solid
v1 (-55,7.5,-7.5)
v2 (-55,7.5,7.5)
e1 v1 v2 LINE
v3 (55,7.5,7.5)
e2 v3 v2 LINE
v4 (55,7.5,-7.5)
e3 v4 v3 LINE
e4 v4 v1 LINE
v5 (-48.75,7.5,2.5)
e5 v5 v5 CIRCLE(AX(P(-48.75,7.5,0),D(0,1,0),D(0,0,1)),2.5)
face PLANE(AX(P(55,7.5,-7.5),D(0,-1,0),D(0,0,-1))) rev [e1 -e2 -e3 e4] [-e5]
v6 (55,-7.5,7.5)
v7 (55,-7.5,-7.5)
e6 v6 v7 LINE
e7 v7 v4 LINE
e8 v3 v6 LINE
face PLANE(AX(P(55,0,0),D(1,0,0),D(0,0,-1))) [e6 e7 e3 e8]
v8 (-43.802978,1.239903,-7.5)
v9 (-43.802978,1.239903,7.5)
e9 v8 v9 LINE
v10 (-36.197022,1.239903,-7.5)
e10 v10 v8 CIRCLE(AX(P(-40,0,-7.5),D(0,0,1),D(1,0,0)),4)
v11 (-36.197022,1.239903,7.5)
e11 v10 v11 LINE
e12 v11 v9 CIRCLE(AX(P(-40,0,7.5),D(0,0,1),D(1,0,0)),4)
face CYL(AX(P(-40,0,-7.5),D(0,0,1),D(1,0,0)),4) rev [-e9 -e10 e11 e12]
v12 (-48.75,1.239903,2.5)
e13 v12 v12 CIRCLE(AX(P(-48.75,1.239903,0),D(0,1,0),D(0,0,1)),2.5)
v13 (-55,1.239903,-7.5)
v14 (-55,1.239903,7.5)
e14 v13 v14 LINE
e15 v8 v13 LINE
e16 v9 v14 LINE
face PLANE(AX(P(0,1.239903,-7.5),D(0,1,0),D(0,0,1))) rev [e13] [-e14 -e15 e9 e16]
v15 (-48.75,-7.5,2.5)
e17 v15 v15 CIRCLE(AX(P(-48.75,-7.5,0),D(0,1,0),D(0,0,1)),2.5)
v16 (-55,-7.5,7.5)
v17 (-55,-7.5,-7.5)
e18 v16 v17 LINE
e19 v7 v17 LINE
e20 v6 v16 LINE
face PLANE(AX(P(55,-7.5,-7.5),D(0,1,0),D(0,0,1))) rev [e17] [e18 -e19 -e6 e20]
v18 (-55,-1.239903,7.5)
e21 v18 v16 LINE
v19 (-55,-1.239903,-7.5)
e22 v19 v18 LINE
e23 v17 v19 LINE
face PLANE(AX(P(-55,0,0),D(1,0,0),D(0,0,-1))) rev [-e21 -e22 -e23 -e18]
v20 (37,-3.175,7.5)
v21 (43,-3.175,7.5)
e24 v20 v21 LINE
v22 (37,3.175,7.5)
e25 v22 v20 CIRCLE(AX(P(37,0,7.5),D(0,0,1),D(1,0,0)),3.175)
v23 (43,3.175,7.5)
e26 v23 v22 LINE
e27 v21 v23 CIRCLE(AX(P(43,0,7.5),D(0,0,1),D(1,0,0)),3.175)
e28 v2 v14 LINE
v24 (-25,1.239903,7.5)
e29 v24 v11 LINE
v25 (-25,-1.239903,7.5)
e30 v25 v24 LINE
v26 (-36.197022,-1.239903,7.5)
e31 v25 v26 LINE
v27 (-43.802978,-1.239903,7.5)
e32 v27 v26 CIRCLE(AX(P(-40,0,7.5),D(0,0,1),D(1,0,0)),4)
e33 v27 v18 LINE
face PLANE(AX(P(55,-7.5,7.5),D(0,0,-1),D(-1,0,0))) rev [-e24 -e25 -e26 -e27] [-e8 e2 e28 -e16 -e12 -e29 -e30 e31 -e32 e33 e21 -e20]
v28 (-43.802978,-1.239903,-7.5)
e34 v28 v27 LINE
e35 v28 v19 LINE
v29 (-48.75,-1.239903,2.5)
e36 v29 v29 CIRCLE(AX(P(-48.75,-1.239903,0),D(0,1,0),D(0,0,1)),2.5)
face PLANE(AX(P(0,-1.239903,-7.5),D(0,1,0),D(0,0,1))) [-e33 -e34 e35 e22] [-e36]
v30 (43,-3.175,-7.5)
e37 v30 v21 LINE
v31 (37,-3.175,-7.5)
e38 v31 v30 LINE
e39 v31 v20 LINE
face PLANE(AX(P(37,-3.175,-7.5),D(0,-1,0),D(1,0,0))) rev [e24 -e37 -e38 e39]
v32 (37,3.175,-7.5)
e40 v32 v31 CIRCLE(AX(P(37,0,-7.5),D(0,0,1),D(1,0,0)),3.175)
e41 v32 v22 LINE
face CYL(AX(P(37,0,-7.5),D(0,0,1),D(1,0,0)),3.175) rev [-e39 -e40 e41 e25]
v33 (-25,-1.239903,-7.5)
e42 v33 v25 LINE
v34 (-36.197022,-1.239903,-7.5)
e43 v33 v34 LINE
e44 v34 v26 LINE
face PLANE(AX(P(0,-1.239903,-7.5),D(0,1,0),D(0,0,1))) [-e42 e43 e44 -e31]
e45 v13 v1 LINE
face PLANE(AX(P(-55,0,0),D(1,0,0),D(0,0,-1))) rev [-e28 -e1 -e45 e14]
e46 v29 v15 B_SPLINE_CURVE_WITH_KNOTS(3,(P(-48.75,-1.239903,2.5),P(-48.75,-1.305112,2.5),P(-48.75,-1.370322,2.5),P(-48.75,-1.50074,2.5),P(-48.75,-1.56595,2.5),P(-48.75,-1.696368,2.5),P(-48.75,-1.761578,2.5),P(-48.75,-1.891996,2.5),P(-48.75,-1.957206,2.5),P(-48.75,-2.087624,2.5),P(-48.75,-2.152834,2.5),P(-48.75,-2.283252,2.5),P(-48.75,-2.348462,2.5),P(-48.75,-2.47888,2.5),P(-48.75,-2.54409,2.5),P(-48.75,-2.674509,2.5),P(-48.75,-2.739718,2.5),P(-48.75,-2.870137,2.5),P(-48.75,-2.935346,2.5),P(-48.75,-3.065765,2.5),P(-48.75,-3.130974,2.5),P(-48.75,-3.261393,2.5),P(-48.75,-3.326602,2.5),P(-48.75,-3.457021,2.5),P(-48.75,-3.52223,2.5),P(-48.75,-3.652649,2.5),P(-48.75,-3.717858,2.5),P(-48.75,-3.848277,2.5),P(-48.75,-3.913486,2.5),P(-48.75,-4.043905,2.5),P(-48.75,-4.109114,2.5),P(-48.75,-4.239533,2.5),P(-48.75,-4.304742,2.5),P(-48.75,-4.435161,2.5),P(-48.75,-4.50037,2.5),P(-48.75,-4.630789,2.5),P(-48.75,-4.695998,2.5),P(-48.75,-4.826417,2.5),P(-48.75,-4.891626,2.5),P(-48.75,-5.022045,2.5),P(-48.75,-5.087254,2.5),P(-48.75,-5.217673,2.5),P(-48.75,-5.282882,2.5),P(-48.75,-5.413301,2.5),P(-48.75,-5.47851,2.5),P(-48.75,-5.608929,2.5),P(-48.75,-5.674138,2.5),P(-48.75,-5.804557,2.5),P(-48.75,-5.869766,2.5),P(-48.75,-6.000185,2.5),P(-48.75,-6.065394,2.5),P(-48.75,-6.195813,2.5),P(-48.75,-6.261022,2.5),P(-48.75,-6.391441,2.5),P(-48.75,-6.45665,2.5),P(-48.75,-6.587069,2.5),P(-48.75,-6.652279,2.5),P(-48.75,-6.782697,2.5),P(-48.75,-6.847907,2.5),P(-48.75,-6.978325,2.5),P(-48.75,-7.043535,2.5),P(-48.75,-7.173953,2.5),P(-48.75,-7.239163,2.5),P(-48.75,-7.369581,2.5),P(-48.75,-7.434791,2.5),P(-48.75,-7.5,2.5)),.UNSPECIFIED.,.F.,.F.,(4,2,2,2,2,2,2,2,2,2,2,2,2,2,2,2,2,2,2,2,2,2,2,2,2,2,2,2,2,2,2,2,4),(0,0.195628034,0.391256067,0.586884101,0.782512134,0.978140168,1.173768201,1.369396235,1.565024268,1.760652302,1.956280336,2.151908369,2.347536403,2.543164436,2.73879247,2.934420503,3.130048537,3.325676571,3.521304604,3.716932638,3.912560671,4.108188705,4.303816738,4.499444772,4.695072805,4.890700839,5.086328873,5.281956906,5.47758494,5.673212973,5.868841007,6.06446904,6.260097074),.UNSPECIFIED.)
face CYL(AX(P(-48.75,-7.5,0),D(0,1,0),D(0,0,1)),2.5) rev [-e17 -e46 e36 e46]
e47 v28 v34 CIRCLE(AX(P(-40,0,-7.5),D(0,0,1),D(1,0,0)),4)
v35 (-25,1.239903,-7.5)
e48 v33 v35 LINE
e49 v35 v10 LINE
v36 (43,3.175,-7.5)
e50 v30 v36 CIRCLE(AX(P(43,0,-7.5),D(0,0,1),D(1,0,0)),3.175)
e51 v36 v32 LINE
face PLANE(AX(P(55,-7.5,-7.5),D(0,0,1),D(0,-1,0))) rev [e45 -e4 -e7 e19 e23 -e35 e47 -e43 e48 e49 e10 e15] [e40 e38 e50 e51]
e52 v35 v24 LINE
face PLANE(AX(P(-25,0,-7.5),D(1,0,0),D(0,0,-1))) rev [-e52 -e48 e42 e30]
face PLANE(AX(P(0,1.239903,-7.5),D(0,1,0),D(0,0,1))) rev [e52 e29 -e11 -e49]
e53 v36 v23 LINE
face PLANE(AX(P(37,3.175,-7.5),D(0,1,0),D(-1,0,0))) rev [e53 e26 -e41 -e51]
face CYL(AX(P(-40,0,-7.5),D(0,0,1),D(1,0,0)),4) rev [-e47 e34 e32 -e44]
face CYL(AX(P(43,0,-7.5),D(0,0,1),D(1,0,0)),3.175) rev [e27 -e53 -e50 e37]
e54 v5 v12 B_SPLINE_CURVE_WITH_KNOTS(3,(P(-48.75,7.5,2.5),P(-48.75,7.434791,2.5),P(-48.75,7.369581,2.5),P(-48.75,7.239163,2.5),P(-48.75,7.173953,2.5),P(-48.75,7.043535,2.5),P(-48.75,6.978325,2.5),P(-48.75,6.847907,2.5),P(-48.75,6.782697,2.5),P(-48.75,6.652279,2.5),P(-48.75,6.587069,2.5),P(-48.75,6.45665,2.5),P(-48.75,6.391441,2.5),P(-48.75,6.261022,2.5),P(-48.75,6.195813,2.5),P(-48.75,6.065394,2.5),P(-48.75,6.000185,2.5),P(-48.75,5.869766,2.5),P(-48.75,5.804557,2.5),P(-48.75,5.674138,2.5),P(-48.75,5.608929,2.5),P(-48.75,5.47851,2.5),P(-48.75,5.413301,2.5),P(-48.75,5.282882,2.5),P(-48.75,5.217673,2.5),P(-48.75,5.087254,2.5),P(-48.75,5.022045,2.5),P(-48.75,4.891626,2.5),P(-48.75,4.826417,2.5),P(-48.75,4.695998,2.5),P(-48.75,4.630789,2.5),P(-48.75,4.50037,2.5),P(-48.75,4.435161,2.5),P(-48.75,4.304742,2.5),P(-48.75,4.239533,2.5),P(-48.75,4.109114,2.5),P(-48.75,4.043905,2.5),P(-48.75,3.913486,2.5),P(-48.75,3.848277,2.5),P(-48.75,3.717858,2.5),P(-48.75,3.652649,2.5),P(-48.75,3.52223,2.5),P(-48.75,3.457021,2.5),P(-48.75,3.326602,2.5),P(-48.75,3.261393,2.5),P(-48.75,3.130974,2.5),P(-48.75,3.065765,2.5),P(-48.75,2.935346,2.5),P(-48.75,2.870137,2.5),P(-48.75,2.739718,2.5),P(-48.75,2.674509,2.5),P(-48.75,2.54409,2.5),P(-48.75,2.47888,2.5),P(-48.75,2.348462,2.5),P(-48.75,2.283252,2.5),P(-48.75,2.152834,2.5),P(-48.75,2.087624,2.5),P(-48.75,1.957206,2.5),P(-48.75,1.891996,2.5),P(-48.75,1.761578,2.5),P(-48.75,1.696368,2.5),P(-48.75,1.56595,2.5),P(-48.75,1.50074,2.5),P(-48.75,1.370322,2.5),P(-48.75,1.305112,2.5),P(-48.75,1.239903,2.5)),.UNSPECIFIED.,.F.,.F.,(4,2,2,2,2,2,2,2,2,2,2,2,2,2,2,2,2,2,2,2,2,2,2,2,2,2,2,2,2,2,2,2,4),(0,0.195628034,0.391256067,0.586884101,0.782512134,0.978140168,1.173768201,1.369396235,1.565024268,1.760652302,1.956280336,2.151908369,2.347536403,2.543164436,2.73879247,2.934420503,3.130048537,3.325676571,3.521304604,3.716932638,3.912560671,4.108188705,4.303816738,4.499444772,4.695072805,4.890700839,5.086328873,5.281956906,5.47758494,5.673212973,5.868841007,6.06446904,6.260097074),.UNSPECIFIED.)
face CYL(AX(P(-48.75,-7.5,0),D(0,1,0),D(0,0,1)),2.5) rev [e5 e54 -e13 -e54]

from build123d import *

# Parameters (mm, degrees)
CROQUIS1_W              = 15
CROQUIS1_H              = 15
SALIENTE_EXTRUIR1_DEPTH = 55
CORTAR_EXTRUIR1_DEPTH   = 58.5
CROQUIS3_R              = 2.5
CORTAR_EXTRUIR2_DEPTH   = 58.5
CORTAR_EXTRUIR3_DEPTH   = 58.5


with BuildPart() as part:
    # Croquis1 → Saliente-Extruir1 (new, symmetric)
    with BuildSketch(Plane(origin=(0, 0, 0), x_dir=(0, 0, -1), z_dir=(1, 0, 0))):
        Rectangle(CROQUIS1_W, CROQUIS1_H)
    extrude(amount=SALIENTE_EXTRUIR1_DEPTH, both=True)

    # Croquis2 → Cortar-Extruir1 (cut, through all)
    with BuildSketch(Plane.XY.offset(7.5)):
        with BuildLine():
            ThreePointArc((-43.802977877, -1.239902926), (-40, -4), (-36.197022123, -1.239902926))
            Line((-36.197022123, -1.239902926), (-43.802977877, -1.239902926))
        make_face()
        with BuildLine():
            Line((-43.802977877, -1.239902926), (-36.197022123, -1.239902926))
            ThreePointArc((-36.197022123, -1.239902926), (-36.049562587, -0.627729437), (-36, 0))
            ThreePointArc((-36, 0), (-36.049562587, 0.627729437), (-36.197022123, 1.239902926))
            Line((-36.197022123, 1.239902926), (-43.802977877, 1.239902926))
            ThreePointArc((-43.802977877, 1.239902926), (-44, 0), (-43.802977877, -1.239902926))
        make_face()
        with BuildLine():
            Line((-43.802977877, 1.239902926), (-36.197022123, 1.239902926))
            ThreePointArc((-36.197022123, 1.239902926), (-40, 4), (-43.802977877, 1.239902926))
        make_face()
        with BuildLine():
            Line((-36.197022123, -1.239902926), (-25, -1.239902926))
            Line((-25, -1.239902926), (-25, 1.239902926))
            Line((-25, 1.239902926), (-36.197022123, 1.239902926))
            ThreePointArc((-36.197022123, 1.239902926), (-36.049562587, 0.627729437), (-36, 0))
            ThreePointArc((-36, 0), (-36.049562587, -0.627729437), (-36.197022123, -1.239902926))
        make_face()
        with BuildLine():
            Line((-55, -1.239902926), (-43.802977877, -1.239902926))
            ThreePointArc((-43.802977877, -1.239902926), (-44, 0), (-43.802977877, 1.239902926))
            Line((-43.802977877, 1.239902926), (-55, 1.239902926))
            Line((-55, 1.239902926), (-55, -1.239902926))
        make_face()
    extrude(amount=-CORTAR_EXTRUIR1_DEPTH, mode=Mode.SUBTRACT)

    # Croquis3 → Cortar-Extruir2 (cut, through all)
    with BuildSketch(Plane(origin=(0, 7.5, 0), x_dir=(1, 0, 0), z_dir=(0, 1, 0))):
        with Locations(Location((-48.75, 0, 0), (0, 0, 270))):
            Circle(CROQUIS3_R)
    extrude(amount=-CORTAR_EXTRUIR2_DEPTH, mode=Mode.SUBTRACT)

    # Croquis4 → Cortar-Extruir3 (cut, through all)
    with BuildSketch(Plane.XY.offset(7.5)):
        with BuildLine():
            Line((37, 3.175), (43, 3.175))
            ThreePointArc((43, 3.175), (46.175, 0), (43, -3.175))
            Line((43, -3.175), (37, -3.175))
            ThreePointArc((37, -3.175), (33.825, 0), (37, 3.175))
        make_face()
    extrude(amount=-CORTAR_EXTRUIR3_DEPTH, mode=Mode.SUBTRACT)


solid = part.part
